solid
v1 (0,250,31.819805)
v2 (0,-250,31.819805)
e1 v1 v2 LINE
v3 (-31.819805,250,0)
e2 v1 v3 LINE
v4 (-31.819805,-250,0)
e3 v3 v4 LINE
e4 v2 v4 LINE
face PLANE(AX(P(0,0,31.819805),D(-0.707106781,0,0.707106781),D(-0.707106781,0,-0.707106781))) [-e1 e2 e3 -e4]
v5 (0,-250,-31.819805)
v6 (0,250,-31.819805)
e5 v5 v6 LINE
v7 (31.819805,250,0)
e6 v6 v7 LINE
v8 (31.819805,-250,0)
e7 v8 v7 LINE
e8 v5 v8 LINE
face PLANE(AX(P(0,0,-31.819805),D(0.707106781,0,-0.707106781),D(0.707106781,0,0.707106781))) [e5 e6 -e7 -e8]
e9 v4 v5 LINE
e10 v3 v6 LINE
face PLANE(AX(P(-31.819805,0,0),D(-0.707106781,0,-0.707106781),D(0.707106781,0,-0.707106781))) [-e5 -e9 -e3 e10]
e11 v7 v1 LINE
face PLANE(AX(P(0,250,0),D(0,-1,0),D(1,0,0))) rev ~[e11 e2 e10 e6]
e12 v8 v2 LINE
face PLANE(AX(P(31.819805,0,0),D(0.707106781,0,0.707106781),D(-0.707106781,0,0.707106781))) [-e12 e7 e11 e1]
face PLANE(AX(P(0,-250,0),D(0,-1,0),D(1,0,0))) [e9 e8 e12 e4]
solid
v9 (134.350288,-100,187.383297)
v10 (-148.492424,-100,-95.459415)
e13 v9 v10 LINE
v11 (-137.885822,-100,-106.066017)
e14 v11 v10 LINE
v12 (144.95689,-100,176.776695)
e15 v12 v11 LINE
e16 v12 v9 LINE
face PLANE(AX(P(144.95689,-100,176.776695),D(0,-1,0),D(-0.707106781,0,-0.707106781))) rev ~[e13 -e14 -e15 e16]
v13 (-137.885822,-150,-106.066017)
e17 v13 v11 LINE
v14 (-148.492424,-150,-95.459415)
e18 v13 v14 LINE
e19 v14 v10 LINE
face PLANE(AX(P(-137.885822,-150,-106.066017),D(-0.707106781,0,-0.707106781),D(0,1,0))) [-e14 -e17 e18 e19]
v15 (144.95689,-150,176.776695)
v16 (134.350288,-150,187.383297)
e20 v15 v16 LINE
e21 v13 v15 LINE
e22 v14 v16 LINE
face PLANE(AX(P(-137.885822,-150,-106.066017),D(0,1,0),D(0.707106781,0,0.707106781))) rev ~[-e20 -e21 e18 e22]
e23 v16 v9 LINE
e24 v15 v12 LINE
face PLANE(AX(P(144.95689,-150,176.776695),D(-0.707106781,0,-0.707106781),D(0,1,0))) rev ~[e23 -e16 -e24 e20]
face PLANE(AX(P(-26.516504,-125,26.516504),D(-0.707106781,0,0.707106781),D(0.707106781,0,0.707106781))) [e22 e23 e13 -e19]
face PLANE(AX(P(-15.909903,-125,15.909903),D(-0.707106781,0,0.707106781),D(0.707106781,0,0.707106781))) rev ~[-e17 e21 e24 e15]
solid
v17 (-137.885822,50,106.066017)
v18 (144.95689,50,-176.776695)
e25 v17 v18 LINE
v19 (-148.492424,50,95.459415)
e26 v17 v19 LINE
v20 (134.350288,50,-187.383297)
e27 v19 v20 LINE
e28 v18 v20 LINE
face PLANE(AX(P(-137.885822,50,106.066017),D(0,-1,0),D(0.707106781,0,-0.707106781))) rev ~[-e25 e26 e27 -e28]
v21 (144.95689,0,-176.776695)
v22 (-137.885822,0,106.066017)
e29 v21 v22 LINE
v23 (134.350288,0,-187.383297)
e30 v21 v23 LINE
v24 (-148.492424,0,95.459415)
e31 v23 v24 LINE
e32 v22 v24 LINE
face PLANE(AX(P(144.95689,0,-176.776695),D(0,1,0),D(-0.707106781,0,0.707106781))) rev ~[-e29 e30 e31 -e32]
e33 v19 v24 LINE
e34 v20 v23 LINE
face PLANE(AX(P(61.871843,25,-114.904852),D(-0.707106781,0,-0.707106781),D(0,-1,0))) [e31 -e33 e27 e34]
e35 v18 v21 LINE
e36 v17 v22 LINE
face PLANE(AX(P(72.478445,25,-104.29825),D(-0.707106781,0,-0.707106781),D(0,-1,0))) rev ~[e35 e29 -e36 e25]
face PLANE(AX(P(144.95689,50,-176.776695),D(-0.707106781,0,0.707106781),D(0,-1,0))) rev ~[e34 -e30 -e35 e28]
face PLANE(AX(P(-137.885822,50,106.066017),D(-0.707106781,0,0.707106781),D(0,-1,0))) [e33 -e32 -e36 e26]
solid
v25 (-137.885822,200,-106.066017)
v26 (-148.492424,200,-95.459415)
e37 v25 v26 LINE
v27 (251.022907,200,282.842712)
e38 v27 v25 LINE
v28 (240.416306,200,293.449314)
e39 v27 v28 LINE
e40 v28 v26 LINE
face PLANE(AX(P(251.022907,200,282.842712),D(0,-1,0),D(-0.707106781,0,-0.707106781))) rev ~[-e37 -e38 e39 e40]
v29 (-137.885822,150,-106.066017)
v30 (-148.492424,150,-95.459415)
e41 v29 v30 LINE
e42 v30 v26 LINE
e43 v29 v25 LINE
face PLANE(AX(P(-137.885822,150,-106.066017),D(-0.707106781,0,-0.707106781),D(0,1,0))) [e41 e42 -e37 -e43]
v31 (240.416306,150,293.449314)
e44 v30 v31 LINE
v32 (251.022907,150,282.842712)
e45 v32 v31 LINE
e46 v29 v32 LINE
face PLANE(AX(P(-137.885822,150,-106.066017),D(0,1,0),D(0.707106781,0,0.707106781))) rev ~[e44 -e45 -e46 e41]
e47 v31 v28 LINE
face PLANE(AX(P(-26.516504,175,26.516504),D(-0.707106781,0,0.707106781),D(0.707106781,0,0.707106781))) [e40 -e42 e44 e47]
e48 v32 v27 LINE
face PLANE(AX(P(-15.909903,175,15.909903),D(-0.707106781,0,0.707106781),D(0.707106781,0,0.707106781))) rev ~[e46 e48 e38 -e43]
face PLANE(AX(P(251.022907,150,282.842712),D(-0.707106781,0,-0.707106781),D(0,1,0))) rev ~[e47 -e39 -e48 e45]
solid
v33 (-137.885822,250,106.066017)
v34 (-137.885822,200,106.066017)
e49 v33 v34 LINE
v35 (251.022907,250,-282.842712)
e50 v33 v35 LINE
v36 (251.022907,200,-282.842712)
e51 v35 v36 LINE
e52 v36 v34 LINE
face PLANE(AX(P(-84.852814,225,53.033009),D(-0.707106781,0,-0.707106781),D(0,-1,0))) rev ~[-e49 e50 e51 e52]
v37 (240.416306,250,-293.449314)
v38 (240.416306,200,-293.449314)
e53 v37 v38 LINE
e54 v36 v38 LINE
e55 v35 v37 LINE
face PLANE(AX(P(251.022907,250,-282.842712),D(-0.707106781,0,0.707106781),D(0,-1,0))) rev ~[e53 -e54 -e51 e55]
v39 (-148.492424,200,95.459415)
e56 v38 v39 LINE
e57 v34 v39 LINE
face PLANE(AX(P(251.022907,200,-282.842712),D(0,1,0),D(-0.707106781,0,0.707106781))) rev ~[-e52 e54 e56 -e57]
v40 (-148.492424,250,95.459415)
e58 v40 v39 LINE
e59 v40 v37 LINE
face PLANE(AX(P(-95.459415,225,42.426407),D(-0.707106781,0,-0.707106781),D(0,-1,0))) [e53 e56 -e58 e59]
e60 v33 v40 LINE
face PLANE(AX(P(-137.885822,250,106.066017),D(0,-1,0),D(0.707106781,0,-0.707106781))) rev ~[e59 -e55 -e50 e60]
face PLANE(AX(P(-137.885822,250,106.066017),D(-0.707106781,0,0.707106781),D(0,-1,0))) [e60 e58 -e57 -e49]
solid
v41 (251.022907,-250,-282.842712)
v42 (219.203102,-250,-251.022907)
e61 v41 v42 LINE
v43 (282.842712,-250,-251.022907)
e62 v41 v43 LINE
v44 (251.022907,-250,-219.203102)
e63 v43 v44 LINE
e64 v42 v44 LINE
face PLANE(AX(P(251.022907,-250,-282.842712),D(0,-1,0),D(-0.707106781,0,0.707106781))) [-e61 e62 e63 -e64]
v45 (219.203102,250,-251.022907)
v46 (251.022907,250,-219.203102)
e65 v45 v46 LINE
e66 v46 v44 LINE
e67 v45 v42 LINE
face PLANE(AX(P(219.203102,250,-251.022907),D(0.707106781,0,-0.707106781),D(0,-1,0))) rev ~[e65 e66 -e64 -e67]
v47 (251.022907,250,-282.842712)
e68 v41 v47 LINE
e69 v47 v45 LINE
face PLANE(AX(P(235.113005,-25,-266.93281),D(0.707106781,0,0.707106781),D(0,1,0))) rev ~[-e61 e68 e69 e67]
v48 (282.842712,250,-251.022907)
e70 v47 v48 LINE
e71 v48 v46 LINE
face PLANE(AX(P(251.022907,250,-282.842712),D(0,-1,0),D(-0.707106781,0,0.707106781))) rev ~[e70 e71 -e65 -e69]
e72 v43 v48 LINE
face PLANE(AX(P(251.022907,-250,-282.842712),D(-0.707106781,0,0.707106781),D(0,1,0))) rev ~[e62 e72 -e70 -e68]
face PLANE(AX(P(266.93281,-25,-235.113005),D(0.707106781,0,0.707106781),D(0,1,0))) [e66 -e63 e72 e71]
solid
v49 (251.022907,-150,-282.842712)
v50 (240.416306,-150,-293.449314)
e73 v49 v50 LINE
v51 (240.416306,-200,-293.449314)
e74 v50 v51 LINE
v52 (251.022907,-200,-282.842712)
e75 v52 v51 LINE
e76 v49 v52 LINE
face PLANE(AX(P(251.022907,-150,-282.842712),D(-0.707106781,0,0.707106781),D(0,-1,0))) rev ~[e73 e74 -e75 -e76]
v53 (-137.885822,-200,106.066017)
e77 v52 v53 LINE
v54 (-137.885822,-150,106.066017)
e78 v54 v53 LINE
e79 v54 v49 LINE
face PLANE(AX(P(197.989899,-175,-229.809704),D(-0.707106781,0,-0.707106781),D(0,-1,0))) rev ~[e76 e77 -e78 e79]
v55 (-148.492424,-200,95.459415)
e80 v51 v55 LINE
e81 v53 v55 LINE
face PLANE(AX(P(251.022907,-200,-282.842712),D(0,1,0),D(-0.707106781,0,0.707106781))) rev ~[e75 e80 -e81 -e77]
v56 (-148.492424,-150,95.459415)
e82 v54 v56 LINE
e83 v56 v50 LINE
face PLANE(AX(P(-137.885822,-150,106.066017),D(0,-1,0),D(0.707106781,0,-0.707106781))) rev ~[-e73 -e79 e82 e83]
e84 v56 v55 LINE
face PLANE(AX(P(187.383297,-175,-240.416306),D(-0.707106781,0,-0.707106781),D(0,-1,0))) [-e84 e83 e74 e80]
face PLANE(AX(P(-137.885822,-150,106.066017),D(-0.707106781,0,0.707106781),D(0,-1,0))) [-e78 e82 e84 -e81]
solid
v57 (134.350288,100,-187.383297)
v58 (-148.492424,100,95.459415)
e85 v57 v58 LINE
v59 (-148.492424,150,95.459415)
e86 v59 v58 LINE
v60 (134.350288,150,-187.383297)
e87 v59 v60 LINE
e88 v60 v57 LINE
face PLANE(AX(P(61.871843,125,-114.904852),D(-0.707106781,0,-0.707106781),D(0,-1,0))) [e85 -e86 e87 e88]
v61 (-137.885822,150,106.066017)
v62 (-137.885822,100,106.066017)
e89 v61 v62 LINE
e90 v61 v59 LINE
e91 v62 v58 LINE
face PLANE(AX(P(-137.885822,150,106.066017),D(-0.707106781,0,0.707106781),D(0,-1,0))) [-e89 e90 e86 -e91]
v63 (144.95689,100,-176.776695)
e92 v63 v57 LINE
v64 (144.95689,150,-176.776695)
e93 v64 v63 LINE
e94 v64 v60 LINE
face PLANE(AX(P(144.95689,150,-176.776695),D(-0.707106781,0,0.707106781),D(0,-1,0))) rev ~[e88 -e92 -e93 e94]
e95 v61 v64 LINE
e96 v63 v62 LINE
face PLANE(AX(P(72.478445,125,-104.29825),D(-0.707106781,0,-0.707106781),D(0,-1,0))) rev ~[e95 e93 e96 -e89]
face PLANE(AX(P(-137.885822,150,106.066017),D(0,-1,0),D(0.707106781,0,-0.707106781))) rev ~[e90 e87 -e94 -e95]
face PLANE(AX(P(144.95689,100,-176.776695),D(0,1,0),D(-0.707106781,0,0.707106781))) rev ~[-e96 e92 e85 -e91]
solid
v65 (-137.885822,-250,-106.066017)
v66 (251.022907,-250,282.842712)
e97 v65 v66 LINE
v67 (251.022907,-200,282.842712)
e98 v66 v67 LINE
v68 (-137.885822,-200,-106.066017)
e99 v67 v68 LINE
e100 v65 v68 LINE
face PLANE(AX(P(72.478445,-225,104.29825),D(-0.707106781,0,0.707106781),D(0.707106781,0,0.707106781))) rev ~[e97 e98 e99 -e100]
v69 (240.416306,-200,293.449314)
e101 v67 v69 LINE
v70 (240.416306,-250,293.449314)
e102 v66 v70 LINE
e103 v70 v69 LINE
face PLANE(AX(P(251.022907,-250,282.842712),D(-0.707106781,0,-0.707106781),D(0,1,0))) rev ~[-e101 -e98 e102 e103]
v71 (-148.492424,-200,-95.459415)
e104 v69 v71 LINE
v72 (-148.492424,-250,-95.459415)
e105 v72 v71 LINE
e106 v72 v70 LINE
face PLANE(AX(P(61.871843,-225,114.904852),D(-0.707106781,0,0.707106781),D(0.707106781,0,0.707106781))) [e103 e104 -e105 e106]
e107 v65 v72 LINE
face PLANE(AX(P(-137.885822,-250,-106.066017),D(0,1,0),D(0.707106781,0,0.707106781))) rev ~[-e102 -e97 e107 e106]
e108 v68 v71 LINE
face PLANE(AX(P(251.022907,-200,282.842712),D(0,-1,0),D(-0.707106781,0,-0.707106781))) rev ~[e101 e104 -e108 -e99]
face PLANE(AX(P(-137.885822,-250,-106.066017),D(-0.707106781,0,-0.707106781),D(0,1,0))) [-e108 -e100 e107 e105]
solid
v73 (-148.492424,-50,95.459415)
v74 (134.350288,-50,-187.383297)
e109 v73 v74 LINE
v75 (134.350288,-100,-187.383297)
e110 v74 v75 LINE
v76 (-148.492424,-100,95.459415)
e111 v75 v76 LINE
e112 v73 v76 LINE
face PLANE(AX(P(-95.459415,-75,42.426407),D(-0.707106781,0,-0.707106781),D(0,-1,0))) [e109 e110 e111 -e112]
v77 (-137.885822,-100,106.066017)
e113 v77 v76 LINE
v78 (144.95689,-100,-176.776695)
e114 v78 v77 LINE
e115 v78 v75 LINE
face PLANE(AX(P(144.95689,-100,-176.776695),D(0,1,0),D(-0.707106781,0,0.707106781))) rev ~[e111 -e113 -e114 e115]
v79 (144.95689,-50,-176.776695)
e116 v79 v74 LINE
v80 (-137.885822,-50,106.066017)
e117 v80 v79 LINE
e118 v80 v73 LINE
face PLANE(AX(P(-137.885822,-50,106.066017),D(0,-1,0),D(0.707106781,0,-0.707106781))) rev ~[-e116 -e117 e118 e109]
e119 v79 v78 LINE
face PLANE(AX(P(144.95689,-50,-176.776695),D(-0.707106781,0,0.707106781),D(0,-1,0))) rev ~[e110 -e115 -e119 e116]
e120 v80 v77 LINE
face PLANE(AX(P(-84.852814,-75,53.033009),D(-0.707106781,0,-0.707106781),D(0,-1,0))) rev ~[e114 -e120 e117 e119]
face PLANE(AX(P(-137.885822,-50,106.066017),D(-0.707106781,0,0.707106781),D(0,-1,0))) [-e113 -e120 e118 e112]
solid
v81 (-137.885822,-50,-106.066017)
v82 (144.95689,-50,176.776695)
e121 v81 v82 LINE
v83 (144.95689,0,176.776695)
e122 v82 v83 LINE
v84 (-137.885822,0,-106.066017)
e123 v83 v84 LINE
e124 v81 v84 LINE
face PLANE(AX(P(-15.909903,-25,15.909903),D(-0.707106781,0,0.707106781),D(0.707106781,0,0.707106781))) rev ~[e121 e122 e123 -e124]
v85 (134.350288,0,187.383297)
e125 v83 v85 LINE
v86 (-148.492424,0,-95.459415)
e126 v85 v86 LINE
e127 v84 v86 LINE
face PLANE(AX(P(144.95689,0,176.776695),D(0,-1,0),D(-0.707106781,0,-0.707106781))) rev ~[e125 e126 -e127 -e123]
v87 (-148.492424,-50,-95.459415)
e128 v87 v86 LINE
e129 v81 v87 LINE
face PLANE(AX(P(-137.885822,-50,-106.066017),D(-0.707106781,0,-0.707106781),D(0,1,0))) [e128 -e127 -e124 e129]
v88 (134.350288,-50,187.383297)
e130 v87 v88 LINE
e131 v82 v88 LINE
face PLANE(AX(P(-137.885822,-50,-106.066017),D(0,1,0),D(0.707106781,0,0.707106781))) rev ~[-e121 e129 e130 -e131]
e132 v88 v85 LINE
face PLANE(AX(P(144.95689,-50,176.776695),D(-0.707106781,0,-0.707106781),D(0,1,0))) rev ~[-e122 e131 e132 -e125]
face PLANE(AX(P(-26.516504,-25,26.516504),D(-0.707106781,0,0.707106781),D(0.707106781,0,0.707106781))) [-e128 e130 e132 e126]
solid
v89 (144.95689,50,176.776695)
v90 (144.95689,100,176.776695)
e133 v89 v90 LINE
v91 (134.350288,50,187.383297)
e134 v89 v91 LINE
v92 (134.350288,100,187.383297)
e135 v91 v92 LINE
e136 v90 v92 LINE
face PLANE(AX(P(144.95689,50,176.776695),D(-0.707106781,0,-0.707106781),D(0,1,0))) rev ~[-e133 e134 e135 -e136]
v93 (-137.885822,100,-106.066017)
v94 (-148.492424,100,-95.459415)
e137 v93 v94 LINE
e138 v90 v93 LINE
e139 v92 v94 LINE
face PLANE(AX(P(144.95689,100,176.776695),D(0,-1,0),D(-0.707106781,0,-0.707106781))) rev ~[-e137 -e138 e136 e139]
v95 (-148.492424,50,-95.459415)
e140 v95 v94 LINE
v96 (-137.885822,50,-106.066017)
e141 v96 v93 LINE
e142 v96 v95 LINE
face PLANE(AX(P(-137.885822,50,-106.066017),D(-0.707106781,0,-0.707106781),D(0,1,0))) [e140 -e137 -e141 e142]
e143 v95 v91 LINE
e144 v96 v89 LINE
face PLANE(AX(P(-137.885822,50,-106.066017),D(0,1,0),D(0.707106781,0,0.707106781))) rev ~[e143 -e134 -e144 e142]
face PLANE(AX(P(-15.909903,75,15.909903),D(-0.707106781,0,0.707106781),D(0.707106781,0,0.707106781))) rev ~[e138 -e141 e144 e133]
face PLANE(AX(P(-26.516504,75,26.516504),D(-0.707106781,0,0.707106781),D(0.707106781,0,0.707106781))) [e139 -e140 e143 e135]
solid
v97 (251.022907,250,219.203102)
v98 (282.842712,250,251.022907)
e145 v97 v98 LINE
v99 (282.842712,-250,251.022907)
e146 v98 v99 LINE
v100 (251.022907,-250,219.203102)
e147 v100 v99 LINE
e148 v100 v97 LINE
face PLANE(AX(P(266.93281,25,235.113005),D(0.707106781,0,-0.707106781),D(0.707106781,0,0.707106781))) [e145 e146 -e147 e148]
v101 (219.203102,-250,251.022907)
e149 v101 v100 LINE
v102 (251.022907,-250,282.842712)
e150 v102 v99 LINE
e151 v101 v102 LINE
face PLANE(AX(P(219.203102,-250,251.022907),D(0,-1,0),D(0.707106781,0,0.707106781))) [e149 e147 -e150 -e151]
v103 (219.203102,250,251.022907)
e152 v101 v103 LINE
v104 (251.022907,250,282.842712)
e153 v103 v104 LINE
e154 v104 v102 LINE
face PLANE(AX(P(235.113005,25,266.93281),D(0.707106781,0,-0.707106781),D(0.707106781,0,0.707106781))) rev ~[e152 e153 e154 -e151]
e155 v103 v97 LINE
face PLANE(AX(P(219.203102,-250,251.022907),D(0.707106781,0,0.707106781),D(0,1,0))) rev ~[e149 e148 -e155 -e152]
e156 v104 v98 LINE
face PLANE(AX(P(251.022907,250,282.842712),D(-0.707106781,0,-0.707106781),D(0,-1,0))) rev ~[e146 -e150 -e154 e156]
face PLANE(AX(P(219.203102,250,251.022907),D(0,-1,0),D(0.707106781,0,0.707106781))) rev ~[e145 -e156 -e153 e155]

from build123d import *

# Parameters (mm, degrees)
F1_DEPTH = 250
F2_W     = 205
F2_H     = 50
F2_W_2   = 150
F2_W_3   = 45
F3_DEPTH = 15
F4_W     = 50
F4_H     = 150
F4_H_2   = 205
F4_H_3   = 45
F5_DEPTH = 15
F6_W     = 450
F6_H     = 45
F6_W_2   = 50
F7_DEPTH = 45
F8_W     = 45
F8_H     = 450
F8_H_2   = 50
F9_DEPTH = 45


with BuildPart() as f1:
    # F0 (on Front) → F1 (new body, symmetric)
    with BuildSketch(Plane.XZ):
        Polygon((31.8198051534, 0), (0, 31.8198051534), (-31.8198051534, 0), (0, -31.8198051534), align=None)
    extrude(amount=F1_DEPTH, both=True)


with BuildPart() as f3:
    # F2 (on face) → F3 (new body)
    with BuildSketch(Plane(origin=(-15.9099025767, 0, 15.9099025767), x_dir=(0.7071067812, 0, 0.7071067812), z_dir=(-0.7071067812, 0, 0.7071067812))):
        with Locations((125, -225)):
            Rectangle(F2_W, F2_H)
        with Locations((302.5, -225)):
            Rectangle(F2_W_2, F2_H)
        with Locations((-97.5, -225)):
            Rectangle(F2_W_2, F2_H)
        with Locations((0, -225)):
            Rectangle(F2_W_3, F2_H)
    extrude(amount=F3_DEPTH)


with BuildPart() as f3b:
    # F2 (on face) → F3, piece 2 (new body)
    with BuildSketch(Plane(origin=(-15.9099025767, 0, 15.9099025767), x_dir=(0.7071067812, 0, 0.7071067812), z_dir=(-0.7071067812, 0, 0.7071067812))):
        with Locations((0, -125)):
            Rectangle(F2_W_3, F2_H)
        with Locations((125, -125)):
            Rectangle(F2_W, F2_H)
        with Locations((-97.5, -125)):
            Rectangle(F2_W_2, F2_H)
    extrude(amount=F3_DEPTH)


with BuildPart() as f3c:
    # F2 (on face) → F3, piece 3 (new body)
    with BuildSketch(Plane(origin=(-15.9099025767, 0, 15.9099025767), x_dir=(0.7071067812, 0, 0.7071067812), z_dir=(-0.7071067812, 0, 0.7071067812))):
        with Locations((0, -25)):
            Rectangle(F2_W_3, F2_H)
        with Locations((125, -25)):
            Rectangle(F2_W, F2_H)
        with Locations((-97.5, -25)):
            Rectangle(F2_W_2, F2_H)
    extrude(amount=F3_DEPTH)


with BuildPart() as f3d:
    # F2 (on face) → F3, piece 4 (new body)
    with BuildSketch(Plane(origin=(-15.9099025767, 0, 15.9099025767), x_dir=(0.7071067812, 0, 0.7071067812), z_dir=(-0.7071067812, 0, 0.7071067812))):
        with Locations((0, 75)):
            Rectangle(F2_W_3, F2_H)
        with Locations((125, 75)):
            Rectangle(F2_W, F2_H)
        with Locations((-97.5, 75)):
            Rectangle(F2_W_2, F2_H)
    extrude(amount=F3_DEPTH)


with BuildPart() as f3e:
    # F2 (on face) → F3, piece 5 (new body)
    with BuildSketch(Plane(origin=(-15.9099025767, 0, 15.9099025767), x_dir=(0.7071067812, 0, 0.7071067812), z_dir=(-0.7071067812, 0, 0.7071067812))):
        with Locations((0, 175)):
            Rectangle(F2_W_3, F2_H)
        with Locations((125, 175)):
            Rectangle(F2_W, F2_H)
        with Locations((-97.5, 175)):
            Rectangle(F2_W_2, F2_H)
        with Locations((302.5, 175)):
            Rectangle(F2_W_2, F2_H)
    extrude(amount=F3_DEPTH)


with BuildPart() as f5:
    # F4 (on face) → F5 (new body)
    with BuildSketch(Plane(origin=(-15.9099025767, 0, -15.9099025767), x_dir=(0, -1, 0), z_dir=(-0.7071067812, 0, -0.7071067812))):
        with Locations((175, -302.5)):
            Rectangle(F4_W, F4_H)
        with Locations((175, -125)):
            Rectangle(F4_W, F4_H_2)
        with Locations((175, 0)):
            Rectangle(F4_W, F4_H_3)
        with Locations((175, 97.5)):
            Rectangle(F4_W, F4_H)
    extrude(amount=F5_DEPTH)


with BuildPart() as f5b:
    # F4 (on face) → F5, piece 2 (new body)
    with BuildSketch(Plane(origin=(-15.9099025767, 0, -15.9099025767), x_dir=(0, -1, 0), z_dir=(-0.7071067812, 0, -0.7071067812))):
        with Locations((75, 97.5)):
            Rectangle(F4_W, F4_H)
        with Locations((75, 0)):
            Rectangle(F4_W, F4_H_3)
        with Locations((75, -125)):
            Rectangle(F4_W, F4_H_2)
    extrude(amount=F5_DEPTH)


with BuildPart() as f5c:
    # F4 (on face) → F5, piece 3 (new body)
    with BuildSketch(Plane(origin=(-15.9099025767, 0, -15.9099025767), x_dir=(0, -1, 0), z_dir=(-0.7071067812, 0, -0.7071067812))):
        with Locations((-25, -125)):
            Rectangle(F4_W, F4_H_2)
        with Locations((-25, 0)):
            Rectangle(F4_W, F4_H_3)
        with Locations((-25, 97.5)):
            Rectangle(F4_W, F4_H)
    extrude(amount=F5_DEPTH)


with BuildPart() as f5d:
    # F4 (on face) → F5, piece 4 (new body)
    with BuildSketch(Plane(origin=(-15.9099025767, 0, -15.9099025767), x_dir=(0, -1, 0), z_dir=(-0.7071067812, 0, -0.7071067812))):
        with Locations((-125, -125)):
            Rectangle(F4_W, F4_H_2)
        with Locations((-125, 0)):
            Rectangle(F4_W, F4_H_3)
        with Locations((-125, 97.5)):
            Rectangle(F4_W, F4_H)
    extrude(amount=F5_DEPTH)


with BuildPart() as f5e:
    # F4 (on face) → F5, piece 5 (new body)
    with BuildSketch(Plane(origin=(-15.9099025767, 0, -15.9099025767), x_dir=(0, -1, 0), z_dir=(-0.7071067812, 0, -0.7071067812))):
        with Locations((-225, 97.5)):
            Rectangle(F4_W, F4_H)
        with Locations((-225, 0)):
            Rectangle(F4_W, F4_H_3)
        with Locations((-225, -125)):
            Rectangle(F4_W, F4_H_2)
        with Locations((-225, -302.5)):
            Rectangle(F4_W, F4_H)
    extrude(amount=F5_DEPTH)


with BuildPart() as f7:
    # F6 (on face) → F7 (new body)
    with BuildSketch(Plane(origin=(-15.9099025767, 0, -15.9099025767), x_dir=(0, 1, 0), z_dir=(0.7071067812, 0, 0.7071067812))):
        with Locations((-25, -355)):
            Rectangle(F6_W, F6_H)
        with Locations((225, -355)):
            Rectangle(F6_W_2, F6_H)
    extrude(amount=F7_DEPTH)


with BuildPart() as f9:
    # F8 (on face) → F9 (new body)
    with BuildSketch(Plane(origin=(-15.9099025767, 0, 15.9099025767), x_dir=(0.7071067812, 0, 0.7071067812), z_dir=(0.7071067812, 0, -0.7071067812))):
        with Locations((355, -25)):
            Rectangle(F8_W, F8_H)
        with Locations((355, 225)):
            Rectangle(F8_W, F8_H_2)
    extrude(amount=F9_DEPTH)


solid = Compound([f1.part, f3.part, f3b.part, f3c.part, f3d.part, f3e.part, f5.part, f5b.part, f5c.part, f5d.part, f5e.part, f7.part, f9.part])
